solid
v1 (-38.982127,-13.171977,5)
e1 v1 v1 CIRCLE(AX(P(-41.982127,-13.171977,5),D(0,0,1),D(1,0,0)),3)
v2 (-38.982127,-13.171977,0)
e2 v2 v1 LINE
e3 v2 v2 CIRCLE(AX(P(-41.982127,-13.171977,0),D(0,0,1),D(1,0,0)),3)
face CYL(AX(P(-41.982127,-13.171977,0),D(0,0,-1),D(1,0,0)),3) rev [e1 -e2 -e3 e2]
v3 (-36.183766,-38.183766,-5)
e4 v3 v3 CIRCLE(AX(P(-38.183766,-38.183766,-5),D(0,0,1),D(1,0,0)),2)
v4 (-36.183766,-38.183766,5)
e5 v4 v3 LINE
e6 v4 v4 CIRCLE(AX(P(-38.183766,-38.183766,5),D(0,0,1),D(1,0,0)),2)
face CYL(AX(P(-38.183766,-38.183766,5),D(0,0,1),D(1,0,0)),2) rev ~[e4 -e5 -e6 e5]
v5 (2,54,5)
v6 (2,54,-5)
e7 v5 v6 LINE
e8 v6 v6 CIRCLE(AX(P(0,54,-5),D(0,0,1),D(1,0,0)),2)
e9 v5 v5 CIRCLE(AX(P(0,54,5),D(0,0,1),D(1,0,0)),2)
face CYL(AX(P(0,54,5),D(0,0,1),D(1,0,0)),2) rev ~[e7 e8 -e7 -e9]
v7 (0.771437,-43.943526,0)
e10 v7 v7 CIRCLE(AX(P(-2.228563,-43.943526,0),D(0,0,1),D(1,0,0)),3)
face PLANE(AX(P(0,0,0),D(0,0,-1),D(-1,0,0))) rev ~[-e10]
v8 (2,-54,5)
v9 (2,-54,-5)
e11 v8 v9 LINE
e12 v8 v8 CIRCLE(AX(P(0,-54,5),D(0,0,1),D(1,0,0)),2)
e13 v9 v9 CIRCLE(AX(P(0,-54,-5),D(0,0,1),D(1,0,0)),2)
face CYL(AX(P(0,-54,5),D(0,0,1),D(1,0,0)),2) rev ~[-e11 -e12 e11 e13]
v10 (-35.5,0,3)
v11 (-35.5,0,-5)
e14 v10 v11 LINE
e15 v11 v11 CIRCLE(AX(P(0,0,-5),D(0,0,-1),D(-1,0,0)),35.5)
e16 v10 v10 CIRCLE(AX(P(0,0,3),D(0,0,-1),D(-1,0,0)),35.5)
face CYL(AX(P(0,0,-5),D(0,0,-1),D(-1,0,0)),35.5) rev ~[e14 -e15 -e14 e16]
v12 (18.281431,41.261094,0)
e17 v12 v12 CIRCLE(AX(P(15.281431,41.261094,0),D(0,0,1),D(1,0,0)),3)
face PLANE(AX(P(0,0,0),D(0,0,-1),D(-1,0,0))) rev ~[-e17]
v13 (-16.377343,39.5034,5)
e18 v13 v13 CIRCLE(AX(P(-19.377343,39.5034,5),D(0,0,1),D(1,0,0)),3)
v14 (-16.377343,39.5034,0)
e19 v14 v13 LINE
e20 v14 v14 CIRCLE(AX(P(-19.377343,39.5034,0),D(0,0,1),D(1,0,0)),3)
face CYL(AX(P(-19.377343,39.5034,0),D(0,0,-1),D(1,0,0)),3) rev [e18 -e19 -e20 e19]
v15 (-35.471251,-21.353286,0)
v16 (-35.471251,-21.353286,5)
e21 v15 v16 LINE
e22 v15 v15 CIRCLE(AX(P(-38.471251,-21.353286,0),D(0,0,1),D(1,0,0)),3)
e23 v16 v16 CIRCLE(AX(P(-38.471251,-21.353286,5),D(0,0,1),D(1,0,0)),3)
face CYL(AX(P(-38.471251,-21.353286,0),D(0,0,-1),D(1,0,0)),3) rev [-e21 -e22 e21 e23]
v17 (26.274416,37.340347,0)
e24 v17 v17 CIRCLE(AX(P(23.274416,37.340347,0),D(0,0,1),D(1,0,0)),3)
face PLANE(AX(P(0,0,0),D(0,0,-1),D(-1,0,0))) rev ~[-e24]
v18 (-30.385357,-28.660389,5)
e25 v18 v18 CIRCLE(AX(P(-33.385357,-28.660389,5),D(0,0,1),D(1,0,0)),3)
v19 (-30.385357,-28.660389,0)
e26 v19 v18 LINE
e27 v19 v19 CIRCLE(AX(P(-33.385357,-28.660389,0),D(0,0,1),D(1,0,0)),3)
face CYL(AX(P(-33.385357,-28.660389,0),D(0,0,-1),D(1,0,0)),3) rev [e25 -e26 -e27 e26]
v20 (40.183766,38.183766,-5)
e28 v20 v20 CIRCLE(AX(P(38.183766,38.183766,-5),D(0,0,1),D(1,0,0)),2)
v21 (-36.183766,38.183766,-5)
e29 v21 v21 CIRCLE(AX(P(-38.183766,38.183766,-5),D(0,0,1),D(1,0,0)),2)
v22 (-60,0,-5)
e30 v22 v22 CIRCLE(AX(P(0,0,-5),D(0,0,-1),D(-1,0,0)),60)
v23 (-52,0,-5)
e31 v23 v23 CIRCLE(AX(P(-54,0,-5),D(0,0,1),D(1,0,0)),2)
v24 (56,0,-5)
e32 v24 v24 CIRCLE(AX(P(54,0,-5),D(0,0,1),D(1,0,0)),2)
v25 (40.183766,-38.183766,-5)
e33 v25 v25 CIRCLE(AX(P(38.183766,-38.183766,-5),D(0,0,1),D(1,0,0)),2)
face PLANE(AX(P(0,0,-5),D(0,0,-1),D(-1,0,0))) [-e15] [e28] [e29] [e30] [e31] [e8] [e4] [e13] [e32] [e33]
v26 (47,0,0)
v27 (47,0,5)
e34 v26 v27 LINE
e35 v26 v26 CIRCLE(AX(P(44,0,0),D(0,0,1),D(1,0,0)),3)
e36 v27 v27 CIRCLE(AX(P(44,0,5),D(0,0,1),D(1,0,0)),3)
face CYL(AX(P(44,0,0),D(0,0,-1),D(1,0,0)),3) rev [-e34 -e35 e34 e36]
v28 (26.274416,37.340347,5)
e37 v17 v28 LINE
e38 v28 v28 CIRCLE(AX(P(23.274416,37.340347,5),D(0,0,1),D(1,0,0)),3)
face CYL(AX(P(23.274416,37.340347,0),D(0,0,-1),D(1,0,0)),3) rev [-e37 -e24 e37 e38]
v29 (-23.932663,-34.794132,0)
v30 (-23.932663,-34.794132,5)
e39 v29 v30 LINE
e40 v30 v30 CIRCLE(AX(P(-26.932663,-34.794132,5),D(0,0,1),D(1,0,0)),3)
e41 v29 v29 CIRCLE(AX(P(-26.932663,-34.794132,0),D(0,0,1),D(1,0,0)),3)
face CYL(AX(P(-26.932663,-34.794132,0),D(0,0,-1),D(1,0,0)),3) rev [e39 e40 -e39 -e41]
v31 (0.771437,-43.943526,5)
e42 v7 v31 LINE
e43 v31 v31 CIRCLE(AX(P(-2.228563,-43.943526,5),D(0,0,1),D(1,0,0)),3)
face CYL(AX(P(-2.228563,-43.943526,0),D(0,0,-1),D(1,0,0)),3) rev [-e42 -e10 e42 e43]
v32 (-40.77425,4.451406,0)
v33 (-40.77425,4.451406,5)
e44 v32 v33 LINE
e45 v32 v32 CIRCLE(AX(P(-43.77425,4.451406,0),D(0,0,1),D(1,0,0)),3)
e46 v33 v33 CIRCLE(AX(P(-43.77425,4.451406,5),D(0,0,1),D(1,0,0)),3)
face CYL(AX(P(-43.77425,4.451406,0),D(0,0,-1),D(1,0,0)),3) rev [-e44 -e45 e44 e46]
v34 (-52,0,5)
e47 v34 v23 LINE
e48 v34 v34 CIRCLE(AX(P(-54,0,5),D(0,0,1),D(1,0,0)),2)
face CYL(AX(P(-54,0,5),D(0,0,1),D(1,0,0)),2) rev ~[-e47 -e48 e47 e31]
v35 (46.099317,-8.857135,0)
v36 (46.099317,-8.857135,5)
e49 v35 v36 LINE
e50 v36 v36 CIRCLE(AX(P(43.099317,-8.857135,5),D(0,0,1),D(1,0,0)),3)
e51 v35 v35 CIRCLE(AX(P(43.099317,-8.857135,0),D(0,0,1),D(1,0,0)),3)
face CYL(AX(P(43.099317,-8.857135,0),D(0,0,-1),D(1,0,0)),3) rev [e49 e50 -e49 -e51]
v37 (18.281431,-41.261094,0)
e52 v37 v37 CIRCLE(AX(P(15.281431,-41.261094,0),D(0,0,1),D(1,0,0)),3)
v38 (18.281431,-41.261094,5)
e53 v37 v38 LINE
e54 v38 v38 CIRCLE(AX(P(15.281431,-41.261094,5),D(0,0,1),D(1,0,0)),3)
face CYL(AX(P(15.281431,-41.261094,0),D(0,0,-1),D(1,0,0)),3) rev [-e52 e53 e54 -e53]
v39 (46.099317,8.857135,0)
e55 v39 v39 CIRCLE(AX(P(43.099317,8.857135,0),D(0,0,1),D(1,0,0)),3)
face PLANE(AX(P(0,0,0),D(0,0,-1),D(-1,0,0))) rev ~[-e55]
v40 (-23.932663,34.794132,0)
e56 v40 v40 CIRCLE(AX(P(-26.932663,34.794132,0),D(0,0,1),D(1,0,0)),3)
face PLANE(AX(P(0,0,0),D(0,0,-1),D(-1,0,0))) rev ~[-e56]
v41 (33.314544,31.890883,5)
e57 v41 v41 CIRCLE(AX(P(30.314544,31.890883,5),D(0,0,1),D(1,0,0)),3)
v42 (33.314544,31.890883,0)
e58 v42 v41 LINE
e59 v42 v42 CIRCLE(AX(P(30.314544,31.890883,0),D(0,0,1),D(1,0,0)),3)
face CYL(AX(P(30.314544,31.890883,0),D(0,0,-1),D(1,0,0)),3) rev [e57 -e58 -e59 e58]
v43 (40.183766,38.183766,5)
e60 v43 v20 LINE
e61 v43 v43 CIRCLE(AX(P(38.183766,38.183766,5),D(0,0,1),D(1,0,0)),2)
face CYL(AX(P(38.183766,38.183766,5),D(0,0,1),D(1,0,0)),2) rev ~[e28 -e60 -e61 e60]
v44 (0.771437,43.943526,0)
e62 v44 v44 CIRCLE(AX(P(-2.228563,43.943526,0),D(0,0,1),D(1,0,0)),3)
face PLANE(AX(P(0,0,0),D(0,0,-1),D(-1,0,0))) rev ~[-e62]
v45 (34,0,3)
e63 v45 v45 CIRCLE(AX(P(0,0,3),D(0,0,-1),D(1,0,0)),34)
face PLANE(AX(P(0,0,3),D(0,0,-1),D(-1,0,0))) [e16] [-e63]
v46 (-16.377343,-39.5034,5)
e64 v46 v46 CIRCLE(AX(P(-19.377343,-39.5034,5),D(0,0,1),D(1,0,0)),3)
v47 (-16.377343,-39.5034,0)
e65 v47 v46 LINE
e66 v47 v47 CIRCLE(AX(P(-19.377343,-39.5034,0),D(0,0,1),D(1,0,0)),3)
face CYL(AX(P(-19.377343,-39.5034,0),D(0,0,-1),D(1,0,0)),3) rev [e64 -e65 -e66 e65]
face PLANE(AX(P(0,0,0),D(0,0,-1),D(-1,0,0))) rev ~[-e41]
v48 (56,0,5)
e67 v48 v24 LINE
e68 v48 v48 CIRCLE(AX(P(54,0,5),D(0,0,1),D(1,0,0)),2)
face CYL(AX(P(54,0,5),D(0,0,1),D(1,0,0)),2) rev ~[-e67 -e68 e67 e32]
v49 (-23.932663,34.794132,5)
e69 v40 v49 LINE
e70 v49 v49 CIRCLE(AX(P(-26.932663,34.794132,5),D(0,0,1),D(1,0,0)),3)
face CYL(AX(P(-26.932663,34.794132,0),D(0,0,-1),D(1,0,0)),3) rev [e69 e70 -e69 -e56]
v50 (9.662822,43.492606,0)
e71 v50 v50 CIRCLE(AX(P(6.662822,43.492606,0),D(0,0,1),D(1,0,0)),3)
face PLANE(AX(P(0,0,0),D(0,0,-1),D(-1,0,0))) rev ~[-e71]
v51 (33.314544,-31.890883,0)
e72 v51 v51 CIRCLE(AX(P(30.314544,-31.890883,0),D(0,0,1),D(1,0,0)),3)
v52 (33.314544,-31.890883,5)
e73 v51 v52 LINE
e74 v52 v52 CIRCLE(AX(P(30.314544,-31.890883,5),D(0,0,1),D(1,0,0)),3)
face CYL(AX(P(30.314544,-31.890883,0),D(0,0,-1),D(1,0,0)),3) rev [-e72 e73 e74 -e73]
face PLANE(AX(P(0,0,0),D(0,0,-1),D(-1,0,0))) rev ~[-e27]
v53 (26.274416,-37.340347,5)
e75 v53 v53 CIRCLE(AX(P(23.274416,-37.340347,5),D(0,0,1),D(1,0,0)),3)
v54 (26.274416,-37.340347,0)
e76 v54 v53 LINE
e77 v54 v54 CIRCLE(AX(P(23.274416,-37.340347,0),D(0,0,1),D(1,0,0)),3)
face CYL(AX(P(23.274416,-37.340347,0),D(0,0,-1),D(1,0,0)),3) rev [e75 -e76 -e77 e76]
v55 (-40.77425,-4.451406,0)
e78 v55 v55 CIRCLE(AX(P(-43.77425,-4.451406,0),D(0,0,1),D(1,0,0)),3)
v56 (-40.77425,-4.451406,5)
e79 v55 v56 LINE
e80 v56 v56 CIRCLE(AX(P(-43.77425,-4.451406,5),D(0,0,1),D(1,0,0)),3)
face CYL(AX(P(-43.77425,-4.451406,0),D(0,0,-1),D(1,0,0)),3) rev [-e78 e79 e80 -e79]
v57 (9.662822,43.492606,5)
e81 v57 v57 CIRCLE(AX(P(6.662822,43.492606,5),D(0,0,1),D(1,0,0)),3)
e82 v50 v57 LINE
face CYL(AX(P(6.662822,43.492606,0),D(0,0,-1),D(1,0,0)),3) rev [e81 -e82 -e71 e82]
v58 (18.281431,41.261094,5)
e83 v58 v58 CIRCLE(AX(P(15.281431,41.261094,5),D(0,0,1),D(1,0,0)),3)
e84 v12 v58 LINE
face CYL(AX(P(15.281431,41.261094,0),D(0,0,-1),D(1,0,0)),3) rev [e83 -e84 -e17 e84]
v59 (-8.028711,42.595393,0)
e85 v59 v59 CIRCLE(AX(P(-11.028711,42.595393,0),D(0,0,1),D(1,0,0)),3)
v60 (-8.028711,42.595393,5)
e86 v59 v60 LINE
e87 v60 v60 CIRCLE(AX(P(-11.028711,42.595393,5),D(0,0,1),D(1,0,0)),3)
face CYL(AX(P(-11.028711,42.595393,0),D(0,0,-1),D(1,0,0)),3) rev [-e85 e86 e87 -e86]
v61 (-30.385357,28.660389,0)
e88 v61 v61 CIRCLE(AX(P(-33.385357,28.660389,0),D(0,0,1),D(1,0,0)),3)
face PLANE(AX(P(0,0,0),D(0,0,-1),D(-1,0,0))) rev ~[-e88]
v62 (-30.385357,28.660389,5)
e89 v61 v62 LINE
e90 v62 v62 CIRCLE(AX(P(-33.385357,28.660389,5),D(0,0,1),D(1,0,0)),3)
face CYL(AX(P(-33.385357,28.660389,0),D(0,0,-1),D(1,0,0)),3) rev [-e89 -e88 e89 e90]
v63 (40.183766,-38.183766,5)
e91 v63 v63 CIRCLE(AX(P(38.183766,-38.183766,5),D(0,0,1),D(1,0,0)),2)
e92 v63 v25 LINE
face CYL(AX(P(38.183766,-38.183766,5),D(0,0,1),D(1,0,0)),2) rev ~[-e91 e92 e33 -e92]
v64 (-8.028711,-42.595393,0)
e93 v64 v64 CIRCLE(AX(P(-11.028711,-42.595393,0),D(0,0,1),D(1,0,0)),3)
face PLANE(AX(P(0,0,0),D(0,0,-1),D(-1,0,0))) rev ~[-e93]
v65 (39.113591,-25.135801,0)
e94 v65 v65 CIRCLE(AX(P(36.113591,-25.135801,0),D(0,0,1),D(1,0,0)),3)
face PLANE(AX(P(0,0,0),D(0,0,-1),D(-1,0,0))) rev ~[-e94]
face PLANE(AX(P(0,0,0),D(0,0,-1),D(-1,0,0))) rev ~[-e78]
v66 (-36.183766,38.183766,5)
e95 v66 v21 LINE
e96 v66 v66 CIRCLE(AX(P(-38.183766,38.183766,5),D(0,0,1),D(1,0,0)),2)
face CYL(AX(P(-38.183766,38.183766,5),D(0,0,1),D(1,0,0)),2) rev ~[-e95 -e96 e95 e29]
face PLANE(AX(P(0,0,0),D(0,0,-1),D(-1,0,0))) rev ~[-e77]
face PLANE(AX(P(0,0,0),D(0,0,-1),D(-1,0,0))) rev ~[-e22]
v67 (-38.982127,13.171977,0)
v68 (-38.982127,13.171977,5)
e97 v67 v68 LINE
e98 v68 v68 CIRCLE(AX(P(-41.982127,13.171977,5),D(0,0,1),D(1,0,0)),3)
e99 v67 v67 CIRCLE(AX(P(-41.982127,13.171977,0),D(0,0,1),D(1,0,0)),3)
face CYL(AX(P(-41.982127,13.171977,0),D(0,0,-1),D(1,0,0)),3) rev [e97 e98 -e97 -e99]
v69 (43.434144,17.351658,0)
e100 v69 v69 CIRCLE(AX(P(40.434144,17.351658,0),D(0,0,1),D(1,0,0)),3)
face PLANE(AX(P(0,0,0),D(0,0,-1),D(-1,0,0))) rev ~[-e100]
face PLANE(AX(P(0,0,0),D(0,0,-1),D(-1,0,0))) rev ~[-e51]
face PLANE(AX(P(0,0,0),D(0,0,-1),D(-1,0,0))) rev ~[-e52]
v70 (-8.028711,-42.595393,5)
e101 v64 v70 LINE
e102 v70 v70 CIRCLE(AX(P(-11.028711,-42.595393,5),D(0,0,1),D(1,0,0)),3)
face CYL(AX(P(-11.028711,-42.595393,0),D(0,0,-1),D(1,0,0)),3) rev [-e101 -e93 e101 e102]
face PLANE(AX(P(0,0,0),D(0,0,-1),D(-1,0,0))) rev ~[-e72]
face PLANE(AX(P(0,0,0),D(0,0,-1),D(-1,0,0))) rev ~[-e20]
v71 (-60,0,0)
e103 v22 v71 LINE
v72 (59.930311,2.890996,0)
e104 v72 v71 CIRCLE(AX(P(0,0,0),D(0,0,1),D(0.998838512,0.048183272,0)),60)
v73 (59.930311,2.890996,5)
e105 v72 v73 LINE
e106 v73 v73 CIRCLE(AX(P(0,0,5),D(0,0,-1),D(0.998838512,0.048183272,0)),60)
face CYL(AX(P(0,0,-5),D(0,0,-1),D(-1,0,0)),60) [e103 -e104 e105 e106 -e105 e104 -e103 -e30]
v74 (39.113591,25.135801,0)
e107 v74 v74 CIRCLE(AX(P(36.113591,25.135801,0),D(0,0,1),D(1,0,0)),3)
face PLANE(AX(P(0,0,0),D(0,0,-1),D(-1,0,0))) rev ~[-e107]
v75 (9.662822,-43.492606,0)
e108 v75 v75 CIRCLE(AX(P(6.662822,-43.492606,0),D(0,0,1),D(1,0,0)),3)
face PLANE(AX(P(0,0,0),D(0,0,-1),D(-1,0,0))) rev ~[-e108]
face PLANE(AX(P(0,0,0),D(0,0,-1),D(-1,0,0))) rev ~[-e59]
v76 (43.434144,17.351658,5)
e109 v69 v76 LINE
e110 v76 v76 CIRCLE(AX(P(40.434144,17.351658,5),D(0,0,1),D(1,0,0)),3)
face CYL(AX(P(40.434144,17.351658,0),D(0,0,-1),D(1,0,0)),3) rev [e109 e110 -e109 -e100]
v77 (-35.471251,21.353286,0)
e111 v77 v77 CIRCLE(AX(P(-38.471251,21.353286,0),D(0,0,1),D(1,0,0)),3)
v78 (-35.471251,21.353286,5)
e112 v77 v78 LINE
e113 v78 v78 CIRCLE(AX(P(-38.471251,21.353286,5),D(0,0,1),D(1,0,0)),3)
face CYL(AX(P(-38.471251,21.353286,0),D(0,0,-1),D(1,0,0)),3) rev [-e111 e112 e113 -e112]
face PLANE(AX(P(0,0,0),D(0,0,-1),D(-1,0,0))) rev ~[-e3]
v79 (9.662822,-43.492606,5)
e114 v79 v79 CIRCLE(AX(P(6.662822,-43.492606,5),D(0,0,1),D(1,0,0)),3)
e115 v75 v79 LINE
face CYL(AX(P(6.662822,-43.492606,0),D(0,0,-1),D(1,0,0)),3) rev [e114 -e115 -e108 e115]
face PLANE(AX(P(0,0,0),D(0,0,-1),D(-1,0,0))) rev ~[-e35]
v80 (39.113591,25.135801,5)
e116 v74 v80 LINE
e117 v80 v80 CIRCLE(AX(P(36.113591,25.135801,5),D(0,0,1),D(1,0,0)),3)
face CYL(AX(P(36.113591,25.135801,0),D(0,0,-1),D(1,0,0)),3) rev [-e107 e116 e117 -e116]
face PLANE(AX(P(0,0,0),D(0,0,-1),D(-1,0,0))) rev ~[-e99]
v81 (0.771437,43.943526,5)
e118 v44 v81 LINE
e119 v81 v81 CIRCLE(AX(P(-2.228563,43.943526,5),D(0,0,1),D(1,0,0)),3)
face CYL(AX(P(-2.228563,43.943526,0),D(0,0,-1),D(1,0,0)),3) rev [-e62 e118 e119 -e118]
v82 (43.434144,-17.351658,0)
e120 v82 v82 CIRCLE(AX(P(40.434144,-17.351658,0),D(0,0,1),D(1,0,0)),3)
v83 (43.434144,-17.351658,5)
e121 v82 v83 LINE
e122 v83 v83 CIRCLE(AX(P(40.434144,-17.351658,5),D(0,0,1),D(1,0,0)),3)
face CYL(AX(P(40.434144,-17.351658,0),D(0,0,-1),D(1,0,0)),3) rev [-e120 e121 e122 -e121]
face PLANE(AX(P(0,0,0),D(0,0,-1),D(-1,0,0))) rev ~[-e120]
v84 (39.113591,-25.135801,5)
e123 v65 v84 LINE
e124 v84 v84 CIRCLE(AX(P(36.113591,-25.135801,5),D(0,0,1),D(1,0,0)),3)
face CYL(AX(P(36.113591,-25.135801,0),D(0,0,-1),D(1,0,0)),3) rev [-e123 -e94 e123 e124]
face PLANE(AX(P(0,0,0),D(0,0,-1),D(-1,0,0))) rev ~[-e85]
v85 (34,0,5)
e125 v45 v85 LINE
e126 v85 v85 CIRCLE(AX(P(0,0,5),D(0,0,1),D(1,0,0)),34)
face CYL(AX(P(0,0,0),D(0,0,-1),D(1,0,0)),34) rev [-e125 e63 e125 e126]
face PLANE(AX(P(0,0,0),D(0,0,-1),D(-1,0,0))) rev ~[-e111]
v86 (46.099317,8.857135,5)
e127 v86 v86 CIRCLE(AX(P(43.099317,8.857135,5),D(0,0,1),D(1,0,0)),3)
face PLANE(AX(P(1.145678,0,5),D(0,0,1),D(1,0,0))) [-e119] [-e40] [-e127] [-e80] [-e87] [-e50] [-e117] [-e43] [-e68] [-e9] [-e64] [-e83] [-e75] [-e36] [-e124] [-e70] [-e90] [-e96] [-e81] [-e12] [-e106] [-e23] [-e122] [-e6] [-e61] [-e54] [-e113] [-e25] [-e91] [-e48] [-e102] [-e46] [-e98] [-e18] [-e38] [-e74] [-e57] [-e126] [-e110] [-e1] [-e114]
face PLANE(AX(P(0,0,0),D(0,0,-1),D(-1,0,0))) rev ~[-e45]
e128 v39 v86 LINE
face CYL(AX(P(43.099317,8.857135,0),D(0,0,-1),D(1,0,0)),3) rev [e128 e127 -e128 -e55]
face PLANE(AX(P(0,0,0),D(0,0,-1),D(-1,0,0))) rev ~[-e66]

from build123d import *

# Parameters (mm, degrees)
SKETCH1_R           = 3
SKETCH1_R_2         = 34
BOSS_EXTRUDE1_DEPTH = 5
BOSS_EXTRUDE2_START = 5
SKETCH2_R           = 60
SKETCH2_R_2         = 10
BOSS_EXTRUDE2_DEPTH = 5
SKETCH3_R           = 2
CUT_EXTRUDE1_DEPTH  = 35
SKETCH5_R           = 35.5
CUT_EXTRUDE3_DEPTH  = 5
SKETCH6_R           = 35.5
CUT_EXTRUDE4_DEPTH  = 3
SKETCH7_R           = 93.527900111
SKETCH7_R_2         = 60
CUT_EXTRUDE5_DEPTH  = 10


with BuildPart() as part:
    # Sketch1 → Boss-Extrude1 (new body)
    with BuildSketch(Plane.XY):
        with BuildLine():
            ThreePointArc((59.930310696, 2.890996349), (-60, 0), (59.930310696, -2.890996349))
            ThreePointArc((59.930310696, -2.890996349), (62.891836179, 0), (59.930310696, 2.890996349))
        make_face()
        with Locations((44, 0)):
            Circle(SKETCH1_R, mode=Mode.SUBTRACT)
        with Locations((43.099317415, -8.857134884)):
            Circle(SKETCH1_R, mode=Mode.SUBTRACT)
        with Locations((40.434143711, -17.351657625)):
            Circle(SKETCH1_R, mode=Mode.SUBTRACT)
        with Locations((36.113591413, -25.135801464)):
            Circle(SKETCH1_R, mode=Mode.SUBTRACT)
        with Locations((30.314544439, -31.890882638)):
            Circle(SKETCH1_R, mode=Mode.SUBTRACT)
        with Locations((23.274416454, -37.34034733)):
            Circle(SKETCH1_R, mode=Mode.SUBTRACT)
        with Locations((15.281431125, -41.261093814)):
            Circle(SKETCH1_R, mode=Mode.SUBTRACT)
        with Locations((6.66282221, -43.49260627)):
            Circle(SKETCH1_R, mode=Mode.SUBTRACT)
        with Locations((-2.228563429, -43.943526316)):
            Circle(SKETCH1_R, mode=Mode.SUBTRACT)
        with Locations((-11.028711419, -42.59539323)):
            Circle(SKETCH1_R, mode=Mode.SUBTRACT)
        with Locations((-19.377342669, -39.503399741)):
            Circle(SKETCH1_R, mode=Mode.SUBTRACT)
        with Locations((-26.932663232, -34.794132425)):
            Circle(SKETCH1_R, mode=Mode.SUBTRACT)
        with Locations((-33.385357398, -28.66038924)):
            Circle(SKETCH1_R, mode=Mode.SUBTRACT)
        with Locations((-38.47125111, -21.353286351)):
            Circle(SKETCH1_R, mode=Mode.SUBTRACT)
        with Locations((-41.982127282, -13.171977411)):
            Circle(SKETCH1_R, mode=Mode.SUBTRACT)
        with Locations((-43.774250229, -4.451406167)):
            Circle(SKETCH1_R, mode=Mode.SUBTRACT)
        with Locations((-43.774250229, 4.451406167)):
            Circle(SKETCH1_R, mode=Mode.SUBTRACT)
        with Locations((-41.982127282, 13.171977411)):
            Circle(SKETCH1_R, mode=Mode.SUBTRACT)
        with Locations((-38.47125111, 21.353286351)):
            Circle(SKETCH1_R, mode=Mode.SUBTRACT)
        with Locations((-33.385357398, 28.66038924)):
            Circle(SKETCH1_R, mode=Mode.SUBTRACT)
        with Locations((-26.932663232, 34.794132425)):
            Circle(SKETCH1_R, mode=Mode.SUBTRACT)
        with Locations((-19.377342669, 39.503399741)):
            Circle(SKETCH1_R, mode=Mode.SUBTRACT)
        with Locations((-11.028711419, 42.59539323)):
            Circle(SKETCH1_R, mode=Mode.SUBTRACT)
        with Locations((-2.228563429, 43.943526316)):
            Circle(SKETCH1_R, mode=Mode.SUBTRACT)
        with Locations((6.66282221, 43.49260627)):
            Circle(SKETCH1_R, mode=Mode.SUBTRACT)
        with Locations((15.281431125, 41.261093814)):
            Circle(SKETCH1_R, mode=Mode.SUBTRACT)
        with Locations((23.274416454, 37.34034733)):
            Circle(SKETCH1_R, mode=Mode.SUBTRACT)
        with Locations((30.314544439, 31.890882638)):
            Circle(SKETCH1_R, mode=Mode.SUBTRACT)
        with Locations((36.113591413, 25.135801464)):
            Circle(SKETCH1_R, mode=Mode.SUBTRACT)
        with Locations((40.434143711, 17.351657625)):
            Circle(SKETCH1_R, mode=Mode.SUBTRACT)
        with Locations((43.099317415, 8.857134884)):
            Circle(SKETCH1_R, mode=Mode.SUBTRACT)
        Circle(SKETCH1_R_2, mode=Mode.SUBTRACT)
    extrude(amount=BOSS_EXTRUDE1_DEPTH)

    # Sketch2 → Boss-Extrude2 (add)
    with BuildSketch(Plane(origin=(0, 0, 0), x_dir=(-1, 0, 0), z_dir=(0, 0, -1)).offset(BOSS_EXTRUDE2_START)):
        Circle(SKETCH2_R)
        Circle(SKETCH2_R_2, mode=Mode.SUBTRACT)
    extrude(amount=-BOSS_EXTRUDE2_DEPTH)

    # Sketch3 → Cut-Extrude1 (cut)
    with BuildSketch(Plane.XY.offset(5)):
        with Locations((0, 54)):
            Circle(SKETCH3_R)
        with Locations((38.183766184, 38.183766184)):
            Circle(SKETCH3_R)
        with Locations((54, 0)):
            Circle(SKETCH3_R)
        with Locations((38.183766184, -38.183766184)):
            Circle(SKETCH3_R)
        with Locations((0, -54)):
            Circle(SKETCH3_R)
        with Locations((-38.183766184, -38.183766184)):
            Circle(SKETCH3_R)
        with Locations((-54, 0)):
            Circle(SKETCH3_R)
        with Locations((-38.183766184, 38.183766184)):
            Circle(SKETCH3_R)
    extrude(amount=-CUT_EXTRUDE1_DEPTH, mode=Mode.SUBTRACT)

    # Sketch5 → Cut-Extrude3 (cut)
    with BuildSketch(Plane(origin=(0, 0, -5), x_dir=(-1, 0, 0), z_dir=(0, 0, -1))):
        Circle(SKETCH5_R)
    extrude(amount=-CUT_EXTRUDE3_DEPTH, mode=Mode.SUBTRACT)

    # Sketch6 → Cut-Extrude4 (cut)
    with BuildSketch(Plane(origin=(0, 0, 0), x_dir=(-1, 0, 0), z_dir=(0, 0, -1))):
        Circle(SKETCH6_R)
    extrude(amount=-CUT_EXTRUDE4_DEPTH, mode=Mode.SUBTRACT)

    # Sketch7 → Cut-Extrude5 (cut)
    with BuildSketch(Plane(origin=(0, 0, -5), x_dir=(-1, 0, 0), z_dir=(0, 0, -1))):
        Circle(SKETCH7_R)
        Circle(SKETCH7_R_2, mode=Mode.SUBTRACT)
    extrude(amount=-CUT_EXTRUDE5_DEPTH, mode=Mode.SUBTRACT)


solid = part.part
